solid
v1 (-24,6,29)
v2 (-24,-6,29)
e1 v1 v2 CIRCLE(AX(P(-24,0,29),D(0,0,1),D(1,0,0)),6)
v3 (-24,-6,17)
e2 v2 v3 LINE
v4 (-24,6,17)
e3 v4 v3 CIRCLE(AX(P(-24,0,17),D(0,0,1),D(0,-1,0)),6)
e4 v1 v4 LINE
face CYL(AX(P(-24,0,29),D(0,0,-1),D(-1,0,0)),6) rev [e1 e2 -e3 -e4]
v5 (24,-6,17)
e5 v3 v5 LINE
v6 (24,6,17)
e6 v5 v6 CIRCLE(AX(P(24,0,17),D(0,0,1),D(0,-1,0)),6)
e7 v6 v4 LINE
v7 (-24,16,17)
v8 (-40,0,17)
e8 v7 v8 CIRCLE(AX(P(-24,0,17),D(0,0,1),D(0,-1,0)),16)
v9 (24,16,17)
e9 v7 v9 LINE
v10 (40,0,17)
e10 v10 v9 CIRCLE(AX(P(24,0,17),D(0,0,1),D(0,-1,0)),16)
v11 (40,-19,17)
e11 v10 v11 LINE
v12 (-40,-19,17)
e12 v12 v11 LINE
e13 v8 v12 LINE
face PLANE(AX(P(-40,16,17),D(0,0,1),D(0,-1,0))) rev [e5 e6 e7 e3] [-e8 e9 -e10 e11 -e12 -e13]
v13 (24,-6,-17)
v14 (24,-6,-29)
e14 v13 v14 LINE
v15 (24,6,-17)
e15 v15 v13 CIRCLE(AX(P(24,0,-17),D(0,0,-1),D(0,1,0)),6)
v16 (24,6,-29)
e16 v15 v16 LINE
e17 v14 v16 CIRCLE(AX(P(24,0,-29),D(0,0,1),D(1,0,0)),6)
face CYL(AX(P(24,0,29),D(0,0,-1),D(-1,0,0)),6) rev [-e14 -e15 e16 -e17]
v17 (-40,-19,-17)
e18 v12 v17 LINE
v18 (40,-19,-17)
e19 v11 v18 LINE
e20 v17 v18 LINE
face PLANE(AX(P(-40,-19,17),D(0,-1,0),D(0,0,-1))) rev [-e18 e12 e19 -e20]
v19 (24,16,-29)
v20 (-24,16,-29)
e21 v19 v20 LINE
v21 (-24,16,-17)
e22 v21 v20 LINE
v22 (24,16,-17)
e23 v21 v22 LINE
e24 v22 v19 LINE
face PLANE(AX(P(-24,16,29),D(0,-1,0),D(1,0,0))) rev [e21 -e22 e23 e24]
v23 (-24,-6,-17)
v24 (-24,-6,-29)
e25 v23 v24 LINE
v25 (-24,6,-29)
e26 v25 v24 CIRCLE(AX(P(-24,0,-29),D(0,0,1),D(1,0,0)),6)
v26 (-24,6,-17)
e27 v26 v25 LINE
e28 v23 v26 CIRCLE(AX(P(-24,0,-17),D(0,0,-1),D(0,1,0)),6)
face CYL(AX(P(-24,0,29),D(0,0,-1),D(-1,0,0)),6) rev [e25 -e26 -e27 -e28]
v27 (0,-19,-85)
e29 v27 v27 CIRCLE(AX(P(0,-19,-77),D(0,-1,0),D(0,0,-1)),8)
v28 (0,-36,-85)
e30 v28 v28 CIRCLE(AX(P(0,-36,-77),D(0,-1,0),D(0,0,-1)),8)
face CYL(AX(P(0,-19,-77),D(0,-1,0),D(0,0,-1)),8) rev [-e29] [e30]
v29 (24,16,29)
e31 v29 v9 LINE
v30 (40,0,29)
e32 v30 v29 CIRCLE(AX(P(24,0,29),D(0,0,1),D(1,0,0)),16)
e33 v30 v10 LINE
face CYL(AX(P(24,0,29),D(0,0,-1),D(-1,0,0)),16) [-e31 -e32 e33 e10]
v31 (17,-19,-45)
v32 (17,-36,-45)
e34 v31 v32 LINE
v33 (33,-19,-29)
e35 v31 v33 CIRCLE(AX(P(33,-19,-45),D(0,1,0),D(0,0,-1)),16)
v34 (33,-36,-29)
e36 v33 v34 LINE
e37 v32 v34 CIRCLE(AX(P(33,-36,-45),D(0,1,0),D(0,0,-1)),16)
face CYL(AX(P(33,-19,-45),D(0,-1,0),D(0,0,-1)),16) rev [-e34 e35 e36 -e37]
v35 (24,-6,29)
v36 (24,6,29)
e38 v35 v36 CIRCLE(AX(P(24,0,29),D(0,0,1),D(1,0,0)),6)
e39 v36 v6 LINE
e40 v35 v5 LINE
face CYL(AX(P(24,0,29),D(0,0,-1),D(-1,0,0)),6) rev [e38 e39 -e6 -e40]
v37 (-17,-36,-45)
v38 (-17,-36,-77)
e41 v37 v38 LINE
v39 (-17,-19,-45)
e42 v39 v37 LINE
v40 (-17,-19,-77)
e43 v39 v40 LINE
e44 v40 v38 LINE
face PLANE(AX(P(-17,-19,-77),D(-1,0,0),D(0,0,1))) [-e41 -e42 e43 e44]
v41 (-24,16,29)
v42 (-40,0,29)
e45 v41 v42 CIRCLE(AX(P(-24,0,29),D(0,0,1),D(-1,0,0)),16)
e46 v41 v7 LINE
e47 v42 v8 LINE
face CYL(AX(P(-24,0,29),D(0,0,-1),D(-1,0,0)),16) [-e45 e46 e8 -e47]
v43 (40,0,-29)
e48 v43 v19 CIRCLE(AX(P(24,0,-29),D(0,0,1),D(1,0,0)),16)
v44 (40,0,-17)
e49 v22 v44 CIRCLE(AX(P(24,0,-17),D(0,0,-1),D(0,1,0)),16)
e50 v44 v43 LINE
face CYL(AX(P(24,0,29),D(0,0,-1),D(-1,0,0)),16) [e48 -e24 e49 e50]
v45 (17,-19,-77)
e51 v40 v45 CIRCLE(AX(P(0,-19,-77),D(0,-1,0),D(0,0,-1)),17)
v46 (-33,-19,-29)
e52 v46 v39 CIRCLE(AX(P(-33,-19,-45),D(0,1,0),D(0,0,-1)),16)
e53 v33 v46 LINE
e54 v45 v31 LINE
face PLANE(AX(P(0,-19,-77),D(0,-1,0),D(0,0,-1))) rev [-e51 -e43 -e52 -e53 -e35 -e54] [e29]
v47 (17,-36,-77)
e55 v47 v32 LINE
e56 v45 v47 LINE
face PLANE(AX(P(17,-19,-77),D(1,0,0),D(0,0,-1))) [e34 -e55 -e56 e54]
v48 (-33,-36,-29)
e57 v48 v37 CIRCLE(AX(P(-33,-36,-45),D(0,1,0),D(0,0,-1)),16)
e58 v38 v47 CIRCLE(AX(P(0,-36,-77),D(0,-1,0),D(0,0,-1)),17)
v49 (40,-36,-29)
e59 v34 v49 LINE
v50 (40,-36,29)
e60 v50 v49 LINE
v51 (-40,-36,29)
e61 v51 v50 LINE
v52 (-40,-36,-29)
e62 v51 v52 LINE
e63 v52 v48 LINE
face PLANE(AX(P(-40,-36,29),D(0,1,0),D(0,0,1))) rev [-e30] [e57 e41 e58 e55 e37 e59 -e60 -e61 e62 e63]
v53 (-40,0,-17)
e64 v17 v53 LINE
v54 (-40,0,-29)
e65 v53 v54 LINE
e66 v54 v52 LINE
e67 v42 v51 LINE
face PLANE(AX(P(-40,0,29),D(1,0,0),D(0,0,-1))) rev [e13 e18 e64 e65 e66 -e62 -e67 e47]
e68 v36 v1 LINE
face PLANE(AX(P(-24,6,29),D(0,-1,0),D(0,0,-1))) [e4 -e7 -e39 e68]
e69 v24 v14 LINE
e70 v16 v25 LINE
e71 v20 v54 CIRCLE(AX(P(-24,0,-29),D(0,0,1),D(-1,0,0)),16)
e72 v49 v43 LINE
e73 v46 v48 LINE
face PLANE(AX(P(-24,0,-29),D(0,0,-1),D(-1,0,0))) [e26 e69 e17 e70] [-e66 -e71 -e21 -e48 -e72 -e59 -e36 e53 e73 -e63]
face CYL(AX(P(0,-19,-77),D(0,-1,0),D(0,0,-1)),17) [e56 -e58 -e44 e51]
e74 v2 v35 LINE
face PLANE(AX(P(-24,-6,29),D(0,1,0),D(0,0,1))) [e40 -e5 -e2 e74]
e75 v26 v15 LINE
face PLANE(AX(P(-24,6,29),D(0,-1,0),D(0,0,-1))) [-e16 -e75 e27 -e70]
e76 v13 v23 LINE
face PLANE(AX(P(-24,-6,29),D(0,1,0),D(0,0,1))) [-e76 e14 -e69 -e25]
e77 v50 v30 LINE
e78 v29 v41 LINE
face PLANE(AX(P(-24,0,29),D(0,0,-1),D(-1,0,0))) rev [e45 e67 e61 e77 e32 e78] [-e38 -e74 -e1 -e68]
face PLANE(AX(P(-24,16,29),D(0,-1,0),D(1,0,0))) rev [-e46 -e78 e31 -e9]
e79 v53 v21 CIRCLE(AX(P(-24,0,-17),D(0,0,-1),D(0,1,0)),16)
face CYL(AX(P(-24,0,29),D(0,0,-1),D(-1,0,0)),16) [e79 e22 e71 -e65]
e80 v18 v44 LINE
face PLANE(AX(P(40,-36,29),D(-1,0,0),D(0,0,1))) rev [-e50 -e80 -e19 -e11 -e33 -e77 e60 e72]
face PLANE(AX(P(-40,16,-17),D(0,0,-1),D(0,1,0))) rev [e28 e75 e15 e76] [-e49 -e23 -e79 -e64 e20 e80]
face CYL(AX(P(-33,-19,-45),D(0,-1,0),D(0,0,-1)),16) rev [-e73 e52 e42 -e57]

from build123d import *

# Parameters (mm, degrees)
EXTRUDE_2_DEPTH          = 29
SKETCH_3_W               = 34
SKETCH_3_H               = 35
CUT_EXTRUDE_1_DEPTH      = 41
CUT_EXTRUDE_1_DEPTH_BACK = 41
SKETCH_4_R               = 8
EXTRUDE_3_DEPTH          = 17


with BuildPart() as part:
    # 草圖1 → 填料-伸長2 (new body, symmetric)
    with BuildSketch(Plane.XY):
        with BuildLine():
            Line((-24, 16), (24, 16))
            ThreePointArc((24, 16), (35.313708499, 11.313708499), (40, 0))
            Line((40, 0), (40, -36))
            Line((40, -36), (-40, -36))
            Line((-40, -36), (-40, 0))
            ThreePointArc((-40, 0), (-35.313708499, 11.313708499), (-24, 16))
        make_face()
        with BuildLine():
            Line((-24, 6), (24, 6))
            ThreePointArc((24, 6), (30, 0), (24, -6))
            Line((24, -6), (-24, -6))
            ThreePointArc((-24, -6), (-30, 0), (-24, 6))
        make_face(mode=Mode.SUBTRACT)
    extrude(amount=EXTRUDE_2_DEPTH, both=True)

    # 草圖3 → 除料-伸長1 (cut, two sides)
    with BuildSketch(Plane(origin=(0, 0, 0), x_dir=(0, 0, -1), z_dir=(1, 0, 0))) as cut_extrude_1_sk:
        with Locations((0, -1.5)):
            Rectangle(SKETCH_3_W, SKETCH_3_H)
    extrude(amount=CUT_EXTRUDE_1_DEPTH, mode=Mode.SUBTRACT)
    extrude(cut_extrude_1_sk.sketch, amount=-CUT_EXTRUDE_1_DEPTH_BACK, mode=Mode.SUBTRACT)

    # 草圖4 → 填料-伸長3 (add)
    with BuildSketch(Plane.XZ.offset(36)):
        with BuildLine():
            Line((-17, -77), (-17, -45))
            ThreePointArc((-17, -45), (-21.686291501, -33.686291501), (-33, -29))
            Line((-33, -29), (33, -29))
            ThreePointArc((33, -29), (21.686291501, -33.686291501), (17, -45))
            Line((17, -45), (17, -77))
            ThreePointArc((17, -77), (0, -94), (-17, -77))
        make_face()
        with Locations((0, -77)):
            Circle(SKETCH_4_R, mode=Mode.SUBTRACT)
    extrude(amount=-EXTRUDE_3_DEPTH)


solid = part.part
